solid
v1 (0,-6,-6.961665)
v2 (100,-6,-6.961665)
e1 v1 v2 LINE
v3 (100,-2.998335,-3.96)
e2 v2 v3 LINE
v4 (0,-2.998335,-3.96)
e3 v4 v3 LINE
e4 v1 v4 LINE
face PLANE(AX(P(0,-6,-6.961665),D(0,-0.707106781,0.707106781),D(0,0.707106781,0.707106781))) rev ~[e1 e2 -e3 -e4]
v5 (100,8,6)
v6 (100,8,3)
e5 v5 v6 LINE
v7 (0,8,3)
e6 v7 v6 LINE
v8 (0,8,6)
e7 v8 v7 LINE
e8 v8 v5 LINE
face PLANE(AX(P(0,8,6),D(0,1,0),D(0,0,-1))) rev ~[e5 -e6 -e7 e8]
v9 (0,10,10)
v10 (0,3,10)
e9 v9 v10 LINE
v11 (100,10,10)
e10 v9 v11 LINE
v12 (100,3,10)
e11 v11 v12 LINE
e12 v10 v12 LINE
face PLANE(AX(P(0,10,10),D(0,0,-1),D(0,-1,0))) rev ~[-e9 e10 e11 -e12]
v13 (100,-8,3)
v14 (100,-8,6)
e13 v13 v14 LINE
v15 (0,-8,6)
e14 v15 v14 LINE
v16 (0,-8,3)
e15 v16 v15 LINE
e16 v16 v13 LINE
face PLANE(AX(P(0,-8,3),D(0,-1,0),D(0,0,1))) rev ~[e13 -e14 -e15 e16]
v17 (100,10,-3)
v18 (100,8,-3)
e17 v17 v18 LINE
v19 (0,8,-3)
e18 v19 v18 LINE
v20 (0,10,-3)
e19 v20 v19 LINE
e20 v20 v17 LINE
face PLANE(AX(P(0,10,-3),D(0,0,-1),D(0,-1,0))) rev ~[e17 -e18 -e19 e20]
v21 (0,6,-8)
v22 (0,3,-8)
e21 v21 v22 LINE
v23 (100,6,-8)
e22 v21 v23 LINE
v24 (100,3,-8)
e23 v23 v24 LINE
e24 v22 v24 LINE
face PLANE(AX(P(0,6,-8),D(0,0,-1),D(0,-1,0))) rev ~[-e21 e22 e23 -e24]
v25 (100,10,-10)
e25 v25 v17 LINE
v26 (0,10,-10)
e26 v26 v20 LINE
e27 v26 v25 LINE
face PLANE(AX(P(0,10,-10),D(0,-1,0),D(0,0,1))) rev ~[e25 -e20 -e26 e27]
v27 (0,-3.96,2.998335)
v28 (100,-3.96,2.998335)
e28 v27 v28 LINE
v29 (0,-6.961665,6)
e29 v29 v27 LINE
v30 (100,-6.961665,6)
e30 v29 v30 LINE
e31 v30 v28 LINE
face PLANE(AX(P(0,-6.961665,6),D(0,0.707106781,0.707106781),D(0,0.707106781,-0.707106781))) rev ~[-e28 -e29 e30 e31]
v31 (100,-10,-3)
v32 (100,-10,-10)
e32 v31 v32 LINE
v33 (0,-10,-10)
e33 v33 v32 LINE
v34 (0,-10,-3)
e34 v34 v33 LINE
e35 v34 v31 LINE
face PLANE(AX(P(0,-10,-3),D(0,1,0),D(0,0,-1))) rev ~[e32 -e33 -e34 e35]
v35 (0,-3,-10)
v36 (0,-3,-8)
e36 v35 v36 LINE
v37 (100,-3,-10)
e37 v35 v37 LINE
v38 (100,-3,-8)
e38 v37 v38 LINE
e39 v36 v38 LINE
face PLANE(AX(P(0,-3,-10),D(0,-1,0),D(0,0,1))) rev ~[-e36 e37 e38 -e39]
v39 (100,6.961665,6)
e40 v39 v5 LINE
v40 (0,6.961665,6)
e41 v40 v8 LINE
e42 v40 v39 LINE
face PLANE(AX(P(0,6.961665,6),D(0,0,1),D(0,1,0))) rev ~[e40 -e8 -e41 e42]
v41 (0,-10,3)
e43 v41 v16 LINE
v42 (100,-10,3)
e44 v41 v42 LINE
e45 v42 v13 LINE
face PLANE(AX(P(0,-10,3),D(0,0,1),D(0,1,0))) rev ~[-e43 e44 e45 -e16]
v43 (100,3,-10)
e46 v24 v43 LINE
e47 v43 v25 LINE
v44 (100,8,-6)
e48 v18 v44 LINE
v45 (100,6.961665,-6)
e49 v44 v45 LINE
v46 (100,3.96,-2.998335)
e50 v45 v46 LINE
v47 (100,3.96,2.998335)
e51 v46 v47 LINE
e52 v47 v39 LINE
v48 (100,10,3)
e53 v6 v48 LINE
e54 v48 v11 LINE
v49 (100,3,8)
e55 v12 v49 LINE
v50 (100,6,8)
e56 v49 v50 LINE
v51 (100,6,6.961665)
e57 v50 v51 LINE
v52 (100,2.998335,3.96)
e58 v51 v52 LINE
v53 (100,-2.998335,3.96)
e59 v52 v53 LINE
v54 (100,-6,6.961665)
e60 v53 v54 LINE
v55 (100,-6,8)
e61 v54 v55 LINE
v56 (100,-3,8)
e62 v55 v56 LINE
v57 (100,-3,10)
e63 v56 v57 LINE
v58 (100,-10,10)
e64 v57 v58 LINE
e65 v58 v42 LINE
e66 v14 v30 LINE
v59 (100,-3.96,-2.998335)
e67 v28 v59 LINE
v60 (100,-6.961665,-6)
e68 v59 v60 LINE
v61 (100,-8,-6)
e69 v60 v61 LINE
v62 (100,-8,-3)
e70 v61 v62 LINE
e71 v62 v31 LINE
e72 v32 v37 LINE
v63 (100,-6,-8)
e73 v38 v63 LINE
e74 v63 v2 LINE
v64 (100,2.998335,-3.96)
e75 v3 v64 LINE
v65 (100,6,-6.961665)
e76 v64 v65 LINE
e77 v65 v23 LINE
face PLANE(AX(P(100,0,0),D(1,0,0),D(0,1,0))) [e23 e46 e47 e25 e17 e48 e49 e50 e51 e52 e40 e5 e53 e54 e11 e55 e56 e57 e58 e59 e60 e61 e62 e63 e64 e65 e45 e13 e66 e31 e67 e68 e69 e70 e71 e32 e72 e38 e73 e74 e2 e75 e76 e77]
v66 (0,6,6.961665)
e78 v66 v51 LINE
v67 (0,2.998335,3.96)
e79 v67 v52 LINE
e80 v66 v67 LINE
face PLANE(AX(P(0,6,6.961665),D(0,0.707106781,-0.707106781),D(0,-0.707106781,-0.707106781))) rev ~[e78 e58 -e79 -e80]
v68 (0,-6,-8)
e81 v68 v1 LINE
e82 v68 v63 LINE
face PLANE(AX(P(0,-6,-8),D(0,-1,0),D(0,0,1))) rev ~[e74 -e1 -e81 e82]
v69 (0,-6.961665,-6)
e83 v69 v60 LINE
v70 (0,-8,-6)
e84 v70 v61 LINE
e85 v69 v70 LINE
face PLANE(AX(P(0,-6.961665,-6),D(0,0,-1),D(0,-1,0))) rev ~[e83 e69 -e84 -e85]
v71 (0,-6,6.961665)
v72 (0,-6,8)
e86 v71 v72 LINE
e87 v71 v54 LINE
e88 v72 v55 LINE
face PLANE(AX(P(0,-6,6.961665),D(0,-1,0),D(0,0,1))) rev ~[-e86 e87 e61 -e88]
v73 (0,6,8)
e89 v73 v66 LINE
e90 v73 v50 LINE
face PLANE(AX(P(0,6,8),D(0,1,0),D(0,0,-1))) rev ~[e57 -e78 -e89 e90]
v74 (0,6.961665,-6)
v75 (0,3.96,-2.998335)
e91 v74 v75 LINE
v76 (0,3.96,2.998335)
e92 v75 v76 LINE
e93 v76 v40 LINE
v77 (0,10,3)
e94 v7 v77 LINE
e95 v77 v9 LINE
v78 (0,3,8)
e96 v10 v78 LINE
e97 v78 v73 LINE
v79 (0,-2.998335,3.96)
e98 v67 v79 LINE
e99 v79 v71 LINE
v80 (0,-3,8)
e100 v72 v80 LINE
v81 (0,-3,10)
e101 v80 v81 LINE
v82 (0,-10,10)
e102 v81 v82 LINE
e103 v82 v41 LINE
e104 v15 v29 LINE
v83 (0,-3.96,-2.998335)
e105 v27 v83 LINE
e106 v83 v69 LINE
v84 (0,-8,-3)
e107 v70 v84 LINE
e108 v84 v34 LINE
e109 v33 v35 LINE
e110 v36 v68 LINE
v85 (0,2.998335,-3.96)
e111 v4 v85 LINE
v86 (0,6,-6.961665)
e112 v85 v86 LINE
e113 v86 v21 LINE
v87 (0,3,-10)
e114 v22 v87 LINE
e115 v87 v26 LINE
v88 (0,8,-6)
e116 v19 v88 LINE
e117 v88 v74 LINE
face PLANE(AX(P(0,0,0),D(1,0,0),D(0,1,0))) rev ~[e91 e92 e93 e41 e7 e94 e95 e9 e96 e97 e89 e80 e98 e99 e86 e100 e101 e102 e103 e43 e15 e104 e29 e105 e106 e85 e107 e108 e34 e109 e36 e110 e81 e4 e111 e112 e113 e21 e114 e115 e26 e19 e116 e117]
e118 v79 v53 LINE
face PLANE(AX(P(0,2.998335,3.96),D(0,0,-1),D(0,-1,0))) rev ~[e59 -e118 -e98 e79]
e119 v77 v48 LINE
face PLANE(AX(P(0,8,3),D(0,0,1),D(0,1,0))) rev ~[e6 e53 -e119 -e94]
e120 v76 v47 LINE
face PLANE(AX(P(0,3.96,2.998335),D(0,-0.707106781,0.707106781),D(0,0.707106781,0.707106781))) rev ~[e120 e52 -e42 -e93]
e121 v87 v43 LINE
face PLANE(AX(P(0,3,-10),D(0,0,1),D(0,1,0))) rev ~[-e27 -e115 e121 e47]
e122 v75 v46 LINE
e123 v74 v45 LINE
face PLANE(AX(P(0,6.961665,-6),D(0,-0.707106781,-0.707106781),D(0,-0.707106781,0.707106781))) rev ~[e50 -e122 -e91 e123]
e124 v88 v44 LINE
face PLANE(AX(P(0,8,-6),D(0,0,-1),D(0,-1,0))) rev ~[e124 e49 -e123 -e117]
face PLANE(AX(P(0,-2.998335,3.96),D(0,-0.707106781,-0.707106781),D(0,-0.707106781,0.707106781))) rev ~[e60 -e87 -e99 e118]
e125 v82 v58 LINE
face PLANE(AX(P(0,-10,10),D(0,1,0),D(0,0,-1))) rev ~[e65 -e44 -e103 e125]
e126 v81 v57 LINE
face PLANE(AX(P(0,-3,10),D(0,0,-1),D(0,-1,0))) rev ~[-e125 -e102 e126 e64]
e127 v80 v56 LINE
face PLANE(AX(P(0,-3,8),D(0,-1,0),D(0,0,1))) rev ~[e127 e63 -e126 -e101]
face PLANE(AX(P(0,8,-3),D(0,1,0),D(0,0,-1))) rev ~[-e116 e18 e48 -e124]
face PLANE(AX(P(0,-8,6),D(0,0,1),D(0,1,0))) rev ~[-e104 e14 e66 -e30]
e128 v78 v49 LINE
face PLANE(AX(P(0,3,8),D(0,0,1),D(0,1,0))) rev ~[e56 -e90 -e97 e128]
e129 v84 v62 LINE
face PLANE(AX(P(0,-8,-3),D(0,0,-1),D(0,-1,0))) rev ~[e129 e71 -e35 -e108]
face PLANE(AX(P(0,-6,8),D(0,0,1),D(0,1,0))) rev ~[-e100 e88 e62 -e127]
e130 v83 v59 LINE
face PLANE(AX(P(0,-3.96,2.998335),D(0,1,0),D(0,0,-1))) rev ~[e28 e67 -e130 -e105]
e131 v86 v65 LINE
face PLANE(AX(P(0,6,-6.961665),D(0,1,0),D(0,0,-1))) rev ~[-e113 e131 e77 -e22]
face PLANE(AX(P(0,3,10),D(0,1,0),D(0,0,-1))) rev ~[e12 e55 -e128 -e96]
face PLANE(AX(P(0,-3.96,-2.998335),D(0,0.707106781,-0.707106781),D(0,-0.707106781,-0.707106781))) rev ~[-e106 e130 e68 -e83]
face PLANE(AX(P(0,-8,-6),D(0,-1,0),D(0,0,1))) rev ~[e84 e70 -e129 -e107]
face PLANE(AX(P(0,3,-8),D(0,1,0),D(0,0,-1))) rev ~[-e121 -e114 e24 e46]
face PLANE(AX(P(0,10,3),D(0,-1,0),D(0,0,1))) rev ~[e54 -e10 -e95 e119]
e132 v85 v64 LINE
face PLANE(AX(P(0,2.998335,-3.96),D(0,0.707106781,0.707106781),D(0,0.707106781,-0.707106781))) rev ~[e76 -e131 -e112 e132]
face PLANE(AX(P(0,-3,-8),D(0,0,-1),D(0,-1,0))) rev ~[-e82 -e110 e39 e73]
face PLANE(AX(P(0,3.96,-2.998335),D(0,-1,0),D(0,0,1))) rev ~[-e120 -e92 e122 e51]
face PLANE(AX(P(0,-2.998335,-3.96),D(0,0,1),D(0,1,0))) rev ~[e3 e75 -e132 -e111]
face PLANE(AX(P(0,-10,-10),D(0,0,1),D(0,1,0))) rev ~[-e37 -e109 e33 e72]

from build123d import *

# Parameters (mm, degrees)
F1_DEPTH = 100


with BuildPart() as f1:
    # F0 (on Right) → F1 (new body)
    with BuildSketch(Plane.YZ):
        Polygon((2.998335, 3.96), (0, 3.96), (-2.998335, 3.96), (-6, 6.961665), (-6, 8), (-3, 8), (-3, 10), (-10, 10), (-10, 3), (-8, 3), (-8, 6), (-6.961665, 6), (-3.96, 2.998335), (-3.96, 0), (-3.96, -2.998335), (-6.961665, -6), (-8, -6), (-8, -3), (-10, -3), (-10, -10), (-3, -10), (-3, -8), (-6, -8), (-6, -6.961665), (-2.998335, -3.96), (0, -3.96), (2.998335, -3.96), (6, -6.961665), (6, -8), (3, -8), (3, -10), (10, -10), (10, -3), (8, -3), (8, -6), (6.961665, -6), (3.96, -2.998335), (3.96, 0), (3.96, 2.998335), (6.961665, 6), (8, 6), (8, 3), (10, 3), (10, 10), (3, 10), (3, 8), (6, 8), (6, 6.961665), align=None)
    extrude(amount=F1_DEPTH)


solid = f1.part
